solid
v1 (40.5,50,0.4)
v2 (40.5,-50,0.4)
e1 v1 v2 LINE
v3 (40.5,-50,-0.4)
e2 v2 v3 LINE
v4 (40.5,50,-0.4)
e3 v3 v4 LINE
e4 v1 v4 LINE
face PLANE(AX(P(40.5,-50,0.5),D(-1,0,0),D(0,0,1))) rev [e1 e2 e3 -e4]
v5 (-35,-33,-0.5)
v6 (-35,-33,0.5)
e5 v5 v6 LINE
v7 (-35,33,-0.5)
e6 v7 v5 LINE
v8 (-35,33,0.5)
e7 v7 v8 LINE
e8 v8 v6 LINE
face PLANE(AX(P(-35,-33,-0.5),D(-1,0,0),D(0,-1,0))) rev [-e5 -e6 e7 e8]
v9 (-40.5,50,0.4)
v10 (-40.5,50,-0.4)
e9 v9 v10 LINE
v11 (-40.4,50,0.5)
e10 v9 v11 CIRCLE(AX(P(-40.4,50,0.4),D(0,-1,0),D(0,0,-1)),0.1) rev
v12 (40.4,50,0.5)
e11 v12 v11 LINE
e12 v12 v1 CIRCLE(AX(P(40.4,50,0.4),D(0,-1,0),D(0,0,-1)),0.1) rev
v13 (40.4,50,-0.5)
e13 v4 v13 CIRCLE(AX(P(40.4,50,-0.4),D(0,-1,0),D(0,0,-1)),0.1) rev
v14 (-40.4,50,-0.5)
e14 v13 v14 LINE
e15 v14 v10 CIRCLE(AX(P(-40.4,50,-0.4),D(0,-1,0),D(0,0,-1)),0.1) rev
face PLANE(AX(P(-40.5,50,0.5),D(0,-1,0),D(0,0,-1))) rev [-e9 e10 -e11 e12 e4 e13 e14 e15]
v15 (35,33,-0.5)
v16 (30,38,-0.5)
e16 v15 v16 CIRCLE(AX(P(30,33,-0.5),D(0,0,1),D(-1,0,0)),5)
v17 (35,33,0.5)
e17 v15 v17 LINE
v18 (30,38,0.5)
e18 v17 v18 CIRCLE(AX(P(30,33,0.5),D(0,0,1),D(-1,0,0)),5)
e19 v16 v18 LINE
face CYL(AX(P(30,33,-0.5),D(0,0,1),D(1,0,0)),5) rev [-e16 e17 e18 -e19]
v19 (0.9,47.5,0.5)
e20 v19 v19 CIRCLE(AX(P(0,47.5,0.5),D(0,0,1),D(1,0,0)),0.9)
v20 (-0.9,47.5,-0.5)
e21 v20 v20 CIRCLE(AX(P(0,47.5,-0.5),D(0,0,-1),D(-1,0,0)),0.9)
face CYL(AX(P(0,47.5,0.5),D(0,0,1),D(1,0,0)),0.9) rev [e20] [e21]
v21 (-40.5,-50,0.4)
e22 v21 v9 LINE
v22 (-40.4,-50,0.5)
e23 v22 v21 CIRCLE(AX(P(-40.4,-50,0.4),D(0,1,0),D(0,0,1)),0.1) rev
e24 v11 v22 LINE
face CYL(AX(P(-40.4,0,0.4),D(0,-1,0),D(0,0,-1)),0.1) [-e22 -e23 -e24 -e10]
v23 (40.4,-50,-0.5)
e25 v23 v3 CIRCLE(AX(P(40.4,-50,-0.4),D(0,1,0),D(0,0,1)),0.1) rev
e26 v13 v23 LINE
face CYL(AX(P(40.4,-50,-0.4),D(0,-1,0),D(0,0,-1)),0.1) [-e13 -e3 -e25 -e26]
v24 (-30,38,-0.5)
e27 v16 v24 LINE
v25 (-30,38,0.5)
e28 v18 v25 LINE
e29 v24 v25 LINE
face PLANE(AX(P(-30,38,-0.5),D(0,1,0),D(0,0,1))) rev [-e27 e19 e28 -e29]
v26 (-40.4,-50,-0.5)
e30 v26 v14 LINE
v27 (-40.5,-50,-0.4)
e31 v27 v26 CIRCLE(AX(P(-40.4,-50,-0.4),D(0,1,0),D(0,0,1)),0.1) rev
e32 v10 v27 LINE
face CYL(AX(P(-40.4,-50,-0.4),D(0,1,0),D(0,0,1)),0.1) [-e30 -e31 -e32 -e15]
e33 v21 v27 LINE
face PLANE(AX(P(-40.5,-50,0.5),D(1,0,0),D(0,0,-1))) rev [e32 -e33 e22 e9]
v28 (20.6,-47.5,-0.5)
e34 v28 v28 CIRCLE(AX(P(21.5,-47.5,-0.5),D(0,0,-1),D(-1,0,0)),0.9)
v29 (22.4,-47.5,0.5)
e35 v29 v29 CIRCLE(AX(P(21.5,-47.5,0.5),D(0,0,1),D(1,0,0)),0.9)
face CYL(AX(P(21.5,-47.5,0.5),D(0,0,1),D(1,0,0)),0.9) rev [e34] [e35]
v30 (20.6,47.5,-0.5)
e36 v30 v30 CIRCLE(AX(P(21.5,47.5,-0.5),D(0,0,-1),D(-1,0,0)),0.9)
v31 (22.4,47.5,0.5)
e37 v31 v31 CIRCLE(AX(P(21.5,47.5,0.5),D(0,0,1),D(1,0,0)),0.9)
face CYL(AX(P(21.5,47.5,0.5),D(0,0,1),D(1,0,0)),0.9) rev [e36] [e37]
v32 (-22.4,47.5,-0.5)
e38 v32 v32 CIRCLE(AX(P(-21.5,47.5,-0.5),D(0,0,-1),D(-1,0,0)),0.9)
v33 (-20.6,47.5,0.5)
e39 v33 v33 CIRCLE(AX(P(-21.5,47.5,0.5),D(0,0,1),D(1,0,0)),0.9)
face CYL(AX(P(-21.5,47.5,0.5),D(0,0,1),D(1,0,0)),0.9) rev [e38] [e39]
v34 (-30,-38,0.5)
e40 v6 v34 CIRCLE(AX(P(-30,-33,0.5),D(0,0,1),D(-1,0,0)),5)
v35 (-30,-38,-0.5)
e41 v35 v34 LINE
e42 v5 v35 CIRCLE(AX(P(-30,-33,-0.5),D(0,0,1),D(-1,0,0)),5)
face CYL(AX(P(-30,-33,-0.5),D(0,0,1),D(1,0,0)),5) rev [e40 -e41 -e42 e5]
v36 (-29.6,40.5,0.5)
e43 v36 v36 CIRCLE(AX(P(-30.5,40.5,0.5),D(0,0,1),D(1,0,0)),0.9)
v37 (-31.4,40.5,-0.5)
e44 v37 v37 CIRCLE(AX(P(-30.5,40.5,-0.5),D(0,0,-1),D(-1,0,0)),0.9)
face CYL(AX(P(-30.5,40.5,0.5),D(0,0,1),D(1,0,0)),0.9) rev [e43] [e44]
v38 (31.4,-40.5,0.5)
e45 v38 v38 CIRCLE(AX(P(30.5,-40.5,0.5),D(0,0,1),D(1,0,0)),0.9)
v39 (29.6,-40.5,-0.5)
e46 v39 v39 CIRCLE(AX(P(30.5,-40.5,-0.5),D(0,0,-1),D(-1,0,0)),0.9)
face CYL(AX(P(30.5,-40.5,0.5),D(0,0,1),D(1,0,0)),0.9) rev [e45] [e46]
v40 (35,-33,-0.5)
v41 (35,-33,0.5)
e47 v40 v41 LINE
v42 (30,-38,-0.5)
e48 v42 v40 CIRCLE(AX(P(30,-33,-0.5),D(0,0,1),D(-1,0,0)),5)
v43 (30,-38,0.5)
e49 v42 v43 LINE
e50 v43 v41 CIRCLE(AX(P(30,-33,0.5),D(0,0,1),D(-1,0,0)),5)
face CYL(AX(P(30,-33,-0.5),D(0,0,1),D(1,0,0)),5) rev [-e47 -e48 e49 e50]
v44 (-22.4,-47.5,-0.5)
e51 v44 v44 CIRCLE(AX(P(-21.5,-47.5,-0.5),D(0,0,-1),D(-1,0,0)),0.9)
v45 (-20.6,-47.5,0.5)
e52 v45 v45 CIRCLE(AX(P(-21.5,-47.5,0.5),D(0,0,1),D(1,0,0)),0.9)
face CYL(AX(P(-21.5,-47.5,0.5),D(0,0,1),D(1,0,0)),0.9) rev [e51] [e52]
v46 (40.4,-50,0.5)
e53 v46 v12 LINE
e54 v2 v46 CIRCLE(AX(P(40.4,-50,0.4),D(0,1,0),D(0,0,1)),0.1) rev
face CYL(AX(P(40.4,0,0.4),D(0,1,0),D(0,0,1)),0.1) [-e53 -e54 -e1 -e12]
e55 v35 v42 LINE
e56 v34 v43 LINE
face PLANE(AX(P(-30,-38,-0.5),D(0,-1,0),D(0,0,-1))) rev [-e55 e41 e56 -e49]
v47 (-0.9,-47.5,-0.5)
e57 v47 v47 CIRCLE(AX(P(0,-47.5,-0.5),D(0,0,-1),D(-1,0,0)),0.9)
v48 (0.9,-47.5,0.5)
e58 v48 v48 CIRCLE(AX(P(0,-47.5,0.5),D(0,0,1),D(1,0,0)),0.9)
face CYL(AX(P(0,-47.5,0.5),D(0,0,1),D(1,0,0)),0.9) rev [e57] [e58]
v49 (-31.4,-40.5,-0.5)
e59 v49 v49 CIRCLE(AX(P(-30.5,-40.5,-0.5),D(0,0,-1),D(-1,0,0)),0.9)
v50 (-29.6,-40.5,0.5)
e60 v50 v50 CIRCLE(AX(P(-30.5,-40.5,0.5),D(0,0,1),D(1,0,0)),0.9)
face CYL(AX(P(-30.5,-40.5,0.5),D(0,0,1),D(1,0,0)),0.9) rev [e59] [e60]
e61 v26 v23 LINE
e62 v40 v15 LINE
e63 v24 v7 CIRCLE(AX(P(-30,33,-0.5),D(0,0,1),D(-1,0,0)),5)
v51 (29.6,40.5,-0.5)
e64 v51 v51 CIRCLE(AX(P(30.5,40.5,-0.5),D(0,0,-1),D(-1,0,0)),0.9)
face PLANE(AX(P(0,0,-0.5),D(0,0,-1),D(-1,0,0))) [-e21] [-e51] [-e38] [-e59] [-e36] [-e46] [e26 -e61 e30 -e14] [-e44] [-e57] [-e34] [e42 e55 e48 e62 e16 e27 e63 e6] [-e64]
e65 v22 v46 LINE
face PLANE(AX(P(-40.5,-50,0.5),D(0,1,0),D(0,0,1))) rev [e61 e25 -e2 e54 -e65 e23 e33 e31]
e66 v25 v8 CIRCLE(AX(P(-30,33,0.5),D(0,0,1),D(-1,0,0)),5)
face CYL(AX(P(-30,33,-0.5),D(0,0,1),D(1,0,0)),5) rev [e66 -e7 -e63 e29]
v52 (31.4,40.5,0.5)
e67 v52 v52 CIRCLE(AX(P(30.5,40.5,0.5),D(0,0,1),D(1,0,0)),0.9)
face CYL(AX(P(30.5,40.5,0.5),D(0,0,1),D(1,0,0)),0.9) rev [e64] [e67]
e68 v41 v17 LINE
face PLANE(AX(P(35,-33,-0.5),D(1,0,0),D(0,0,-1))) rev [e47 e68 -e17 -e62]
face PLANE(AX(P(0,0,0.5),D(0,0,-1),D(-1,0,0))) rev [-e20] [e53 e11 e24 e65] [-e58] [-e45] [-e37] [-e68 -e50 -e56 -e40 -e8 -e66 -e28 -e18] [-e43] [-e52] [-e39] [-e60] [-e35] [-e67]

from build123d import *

# Parameters (mm, degrees)
SKETCH1_W                   = 81
SKETCH1_H                   = 100
BOSS_EXTRUDE1_DEPTH         = 0.5
CUT_EXTRUDE1_DEPTH          = 65.352544627
M1_6_HOLE1_PCBUNION_D       = 1.8
M1_6_HOLE1_PCBUNION_DEPTH   = 100
M1_6_HOLE1_PCBUNION_TIP     = 0.540774557
M1_6_HOLE2_PLATEUNION_D     = 1.8
M1_6_HOLE2_PLATEUNION_DEPTH = 100
M1_6_HOLE2_PLATEUNION_TIP   = 0.540774557
M1_6_HOLE3_TOPUNION_D       = 1.8
M1_6_HOLE3_TOPUNION_DEPTH   = 200
M1_6_HOLE3_TOPUNION_TIP     = 0.540774557
FILLET1_R                   = 0.1


with BuildPart() as part:
    # Sketch1 → Boss-Extrude1 (new, symmetric)
    with BuildSketch(Plane.XY):
        Rectangle(SKETCH1_W, SKETCH1_H)
    extrude(amount=BOSS_EXTRUDE1_DEPTH, both=True)

    # Sketch2 → Cut-Extrude1 (cut, through all)
    with BuildSketch(Plane.XY.offset(0.5)):
        with BuildLine():
            Line((-30, -38), (30, -38))
            ThreePointArc((30, -38), (33.535533906, -36.535533906), (35, -33))
            Line((35, -33), (35, 33))
            ThreePointArc((35, 33), (33.535533906, 36.535533906), (30, 38))
            Line((30, 38), (-30, 38))
            ThreePointArc((-30, 38), (-33.535533906, 36.535533906), (-35, 33))
            Line((-35, 33), (-35, -33))
            ThreePointArc((-35, -33), (-33.535533906, -36.535533906), (-30, -38))
        make_face()
    extrude(amount=-CUT_EXTRUDE1_DEPTH, mode=Mode.SUBTRACT)

    # M1.6 Hole1-PCBUnion
    with Locations(Plane.XY.offset(0.5)):
        with Locations((-30.5, 40.5), (30.5, 40.5), (-30.5, -40.5), (30.5, -40.5)):
            Hole(M1_6_HOLE1_PCBUNION_D / 2, depth=M1_6_HOLE1_PCBUNION_DEPTH)
            with Locations((0, 0, -(M1_6_HOLE1_PCBUNION_DEPTH + M1_6_HOLE1_PCBUNION_TIP / 2))):  # 118° drill point
                Cone(0, M1_6_HOLE1_PCBUNION_D / 2, M1_6_HOLE1_PCBUNION_TIP, mode=Mode.SUBTRACT)

    # M1.6 Hole2-PlateUnion
    with Locations(Plane.XY.offset(0.5)):
        with Locations((-21.5, 47.5), (21.5, 47.5), (-21.5, -47.5), (21.5, -47.5)):
            Hole(M1_6_HOLE2_PLATEUNION_D / 2, depth=M1_6_HOLE2_PLATEUNION_DEPTH)
            with Locations((0, 0, -(M1_6_HOLE2_PLATEUNION_DEPTH + M1_6_HOLE2_PLATEUNION_TIP / 2))):  # 118° drill point
                Cone(0, M1_6_HOLE2_PLATEUNION_D / 2, M1_6_HOLE2_PLATEUNION_TIP, mode=Mode.SUBTRACT)

    # M1.6 Hole3-TopUnion
    with Locations(Plane.XY.offset(0.5)):
        with Locations((0, 47.5), (0, -47.5)):
            Hole(M1_6_HOLE3_TOPUNION_D / 2, depth=M1_6_HOLE3_TOPUNION_DEPTH)
            with Locations((0, 0, -(M1_6_HOLE3_TOPUNION_DEPTH + M1_6_HOLE3_TOPUNION_TIP / 2))):  # 118° drill point
                Cone(0, M1_6_HOLE3_TOPUNION_D / 2, M1_6_HOLE3_TOPUNION_TIP, mode=Mode.SUBTRACT)

    # Fillet1
    fillet1_edges = [part.edges().sort_by_distance(p)[0] for p in [
        (-40.5, 0, 0.5),
        (40.5, 0, 0.5),
        (-40.5, 0, -0.5),
        (40.5, 0, -0.5),
    ]]
    fillet(fillet1_edges, radius=FILLET1_R)


solid = part.part
